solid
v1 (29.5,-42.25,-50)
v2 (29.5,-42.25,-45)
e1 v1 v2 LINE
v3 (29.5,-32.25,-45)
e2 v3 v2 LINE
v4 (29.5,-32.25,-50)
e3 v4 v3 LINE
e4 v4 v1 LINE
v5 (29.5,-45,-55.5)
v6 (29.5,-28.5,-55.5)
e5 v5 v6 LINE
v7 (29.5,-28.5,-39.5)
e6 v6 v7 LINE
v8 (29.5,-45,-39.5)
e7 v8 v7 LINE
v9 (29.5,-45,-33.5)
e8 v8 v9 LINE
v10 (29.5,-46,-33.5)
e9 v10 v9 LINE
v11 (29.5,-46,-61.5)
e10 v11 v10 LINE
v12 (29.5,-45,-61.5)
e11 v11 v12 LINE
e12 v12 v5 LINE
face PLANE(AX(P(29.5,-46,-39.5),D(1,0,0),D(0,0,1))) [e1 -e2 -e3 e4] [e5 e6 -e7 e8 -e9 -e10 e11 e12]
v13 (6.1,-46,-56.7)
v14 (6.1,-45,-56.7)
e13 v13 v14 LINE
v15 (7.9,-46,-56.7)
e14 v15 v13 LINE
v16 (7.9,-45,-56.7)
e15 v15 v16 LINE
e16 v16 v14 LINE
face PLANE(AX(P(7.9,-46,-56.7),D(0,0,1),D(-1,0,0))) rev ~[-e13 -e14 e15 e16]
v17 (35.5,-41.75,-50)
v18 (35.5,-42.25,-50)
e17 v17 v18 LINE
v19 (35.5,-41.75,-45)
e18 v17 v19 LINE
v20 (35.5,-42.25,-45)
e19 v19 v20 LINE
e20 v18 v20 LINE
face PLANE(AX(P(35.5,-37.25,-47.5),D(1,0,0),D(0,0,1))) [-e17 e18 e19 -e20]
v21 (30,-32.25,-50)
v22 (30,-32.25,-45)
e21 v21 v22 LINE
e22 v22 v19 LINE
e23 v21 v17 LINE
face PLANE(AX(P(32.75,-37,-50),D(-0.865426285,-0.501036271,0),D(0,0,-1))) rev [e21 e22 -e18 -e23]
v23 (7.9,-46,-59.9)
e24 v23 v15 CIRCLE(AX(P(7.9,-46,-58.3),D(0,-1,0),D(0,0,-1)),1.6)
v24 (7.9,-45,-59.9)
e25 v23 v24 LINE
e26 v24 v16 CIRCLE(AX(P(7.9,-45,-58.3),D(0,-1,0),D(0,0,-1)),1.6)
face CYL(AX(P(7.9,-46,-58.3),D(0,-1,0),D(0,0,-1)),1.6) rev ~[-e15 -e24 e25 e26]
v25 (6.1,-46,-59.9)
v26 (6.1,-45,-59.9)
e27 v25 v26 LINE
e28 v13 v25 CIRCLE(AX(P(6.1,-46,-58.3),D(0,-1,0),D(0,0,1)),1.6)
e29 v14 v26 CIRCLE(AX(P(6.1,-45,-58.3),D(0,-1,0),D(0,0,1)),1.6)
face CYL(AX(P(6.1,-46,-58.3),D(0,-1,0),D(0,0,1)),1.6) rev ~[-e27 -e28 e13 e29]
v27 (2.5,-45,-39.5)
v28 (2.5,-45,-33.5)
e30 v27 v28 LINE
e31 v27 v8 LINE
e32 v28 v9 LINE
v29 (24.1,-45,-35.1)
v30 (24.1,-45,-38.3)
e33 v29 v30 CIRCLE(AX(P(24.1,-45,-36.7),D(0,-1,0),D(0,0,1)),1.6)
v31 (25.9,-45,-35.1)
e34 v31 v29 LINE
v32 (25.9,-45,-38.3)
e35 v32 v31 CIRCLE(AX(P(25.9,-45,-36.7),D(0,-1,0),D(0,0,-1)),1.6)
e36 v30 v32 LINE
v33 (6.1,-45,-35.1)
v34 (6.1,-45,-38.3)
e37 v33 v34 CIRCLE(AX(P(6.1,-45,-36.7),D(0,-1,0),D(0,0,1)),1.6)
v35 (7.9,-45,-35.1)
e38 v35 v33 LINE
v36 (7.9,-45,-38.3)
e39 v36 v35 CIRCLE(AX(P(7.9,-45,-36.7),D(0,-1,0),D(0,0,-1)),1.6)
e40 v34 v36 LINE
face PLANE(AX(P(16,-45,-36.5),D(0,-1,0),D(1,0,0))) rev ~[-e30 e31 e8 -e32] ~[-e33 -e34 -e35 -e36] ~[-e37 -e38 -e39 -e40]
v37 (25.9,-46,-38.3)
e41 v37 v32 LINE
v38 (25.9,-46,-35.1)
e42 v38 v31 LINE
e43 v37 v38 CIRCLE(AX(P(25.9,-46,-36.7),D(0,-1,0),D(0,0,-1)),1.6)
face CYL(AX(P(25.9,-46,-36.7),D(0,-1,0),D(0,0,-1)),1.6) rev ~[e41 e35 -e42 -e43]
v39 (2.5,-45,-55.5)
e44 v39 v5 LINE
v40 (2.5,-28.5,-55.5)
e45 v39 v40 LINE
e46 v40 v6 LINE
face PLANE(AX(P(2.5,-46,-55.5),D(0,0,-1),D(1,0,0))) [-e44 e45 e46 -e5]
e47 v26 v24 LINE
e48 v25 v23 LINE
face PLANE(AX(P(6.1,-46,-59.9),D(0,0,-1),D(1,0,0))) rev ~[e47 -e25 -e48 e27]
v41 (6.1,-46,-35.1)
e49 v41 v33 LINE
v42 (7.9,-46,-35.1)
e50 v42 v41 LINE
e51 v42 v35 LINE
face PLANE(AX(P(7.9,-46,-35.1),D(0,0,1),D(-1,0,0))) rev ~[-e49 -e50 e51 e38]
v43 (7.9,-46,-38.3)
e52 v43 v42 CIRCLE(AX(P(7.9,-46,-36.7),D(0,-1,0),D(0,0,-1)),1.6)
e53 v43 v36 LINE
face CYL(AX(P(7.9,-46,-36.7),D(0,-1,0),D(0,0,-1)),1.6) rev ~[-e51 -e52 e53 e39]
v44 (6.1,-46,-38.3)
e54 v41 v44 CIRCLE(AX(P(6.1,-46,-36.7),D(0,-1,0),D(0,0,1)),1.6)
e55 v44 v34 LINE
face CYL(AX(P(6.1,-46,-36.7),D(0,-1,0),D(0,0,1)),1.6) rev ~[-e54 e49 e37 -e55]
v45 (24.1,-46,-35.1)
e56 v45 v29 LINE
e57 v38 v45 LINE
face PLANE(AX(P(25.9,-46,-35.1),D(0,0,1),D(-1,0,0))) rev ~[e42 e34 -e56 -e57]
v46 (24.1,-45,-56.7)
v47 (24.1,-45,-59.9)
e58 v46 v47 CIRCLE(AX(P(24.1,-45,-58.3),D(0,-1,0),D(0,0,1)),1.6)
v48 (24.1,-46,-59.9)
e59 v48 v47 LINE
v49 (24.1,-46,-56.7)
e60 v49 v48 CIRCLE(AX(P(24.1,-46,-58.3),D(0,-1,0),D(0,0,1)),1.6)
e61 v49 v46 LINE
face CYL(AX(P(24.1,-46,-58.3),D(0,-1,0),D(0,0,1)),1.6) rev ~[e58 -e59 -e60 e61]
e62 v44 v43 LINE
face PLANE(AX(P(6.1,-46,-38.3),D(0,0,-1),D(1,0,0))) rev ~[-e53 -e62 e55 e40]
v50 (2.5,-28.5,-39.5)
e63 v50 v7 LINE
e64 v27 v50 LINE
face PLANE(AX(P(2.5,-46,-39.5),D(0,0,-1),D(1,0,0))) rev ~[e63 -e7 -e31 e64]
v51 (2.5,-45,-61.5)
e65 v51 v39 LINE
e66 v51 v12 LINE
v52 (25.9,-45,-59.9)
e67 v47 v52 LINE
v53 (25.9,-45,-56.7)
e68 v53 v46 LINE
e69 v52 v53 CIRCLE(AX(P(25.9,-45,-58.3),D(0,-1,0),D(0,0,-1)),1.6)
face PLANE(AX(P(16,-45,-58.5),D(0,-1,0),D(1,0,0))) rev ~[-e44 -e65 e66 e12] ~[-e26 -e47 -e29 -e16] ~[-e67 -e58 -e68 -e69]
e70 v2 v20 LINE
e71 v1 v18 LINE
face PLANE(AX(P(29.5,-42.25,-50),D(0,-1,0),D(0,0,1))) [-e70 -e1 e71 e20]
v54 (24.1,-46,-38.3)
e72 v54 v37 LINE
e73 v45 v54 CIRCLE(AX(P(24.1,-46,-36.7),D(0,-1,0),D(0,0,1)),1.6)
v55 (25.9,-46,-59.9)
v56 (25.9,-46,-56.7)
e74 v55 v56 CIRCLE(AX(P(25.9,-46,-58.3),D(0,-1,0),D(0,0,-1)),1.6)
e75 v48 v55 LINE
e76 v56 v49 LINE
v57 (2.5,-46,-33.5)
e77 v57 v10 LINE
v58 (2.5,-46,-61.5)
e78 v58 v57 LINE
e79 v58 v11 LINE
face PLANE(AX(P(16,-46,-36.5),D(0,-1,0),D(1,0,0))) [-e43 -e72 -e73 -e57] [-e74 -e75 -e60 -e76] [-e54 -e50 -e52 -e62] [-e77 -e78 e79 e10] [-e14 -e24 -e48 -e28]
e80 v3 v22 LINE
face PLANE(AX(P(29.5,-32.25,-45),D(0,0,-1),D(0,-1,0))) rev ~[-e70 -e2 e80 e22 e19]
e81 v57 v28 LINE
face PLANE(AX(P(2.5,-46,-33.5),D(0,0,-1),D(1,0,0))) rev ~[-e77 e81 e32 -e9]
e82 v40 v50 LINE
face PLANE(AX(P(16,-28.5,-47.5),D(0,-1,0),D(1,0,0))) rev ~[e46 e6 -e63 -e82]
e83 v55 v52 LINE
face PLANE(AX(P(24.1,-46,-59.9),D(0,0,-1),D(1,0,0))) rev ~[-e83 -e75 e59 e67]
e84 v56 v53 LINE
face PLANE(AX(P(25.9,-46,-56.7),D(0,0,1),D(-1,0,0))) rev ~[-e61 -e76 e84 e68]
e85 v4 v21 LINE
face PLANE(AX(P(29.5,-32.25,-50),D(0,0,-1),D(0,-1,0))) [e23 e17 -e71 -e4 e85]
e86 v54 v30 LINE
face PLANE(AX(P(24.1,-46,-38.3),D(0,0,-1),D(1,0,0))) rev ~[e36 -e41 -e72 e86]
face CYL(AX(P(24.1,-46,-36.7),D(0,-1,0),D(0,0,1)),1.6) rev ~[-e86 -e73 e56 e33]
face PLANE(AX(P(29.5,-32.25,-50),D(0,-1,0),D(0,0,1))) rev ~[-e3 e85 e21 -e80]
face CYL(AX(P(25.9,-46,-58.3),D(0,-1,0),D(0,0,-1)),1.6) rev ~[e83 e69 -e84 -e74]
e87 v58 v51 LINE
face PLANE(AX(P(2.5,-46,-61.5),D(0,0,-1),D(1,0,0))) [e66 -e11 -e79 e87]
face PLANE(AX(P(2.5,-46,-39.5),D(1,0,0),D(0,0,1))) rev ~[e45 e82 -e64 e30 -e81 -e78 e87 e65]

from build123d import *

# Parameters (mm, degrees)
SKETCH083_W   = 27
SKETCH083_H   = 16
PAD049_DEPTH  = 17.5
SKETCH084_W   = 5
SKETCH084_H   = 10
PAD050_DEPTH  = 6
CHAMFER_SIZE2 = 9.5
CHAMFER_SIZE  = 5.5
SKETCH085_W   = 27
SKETCH085_H   = 6
PAD051_DEPTH  = 1


with BuildPart() as part:
    # Sketch083 → Pad049 (new body)
    with BuildSketch(Plane.XZ):
        Rectangle(SKETCH083_W, SKETCH083_H)
    extrude(amount=-PAD049_DEPTH)

    # Sketch084 (on Face4 of Pad049) → Pad050 (join)
    with BuildSketch(Plane(origin=(13.5, 0, 0), x_dir=(0, 0, 1), z_dir=(1, 0, 0))):
        with Locations((0, -8.75)):
            Rectangle(SKETCH084_W, SKETCH084_H)
    extrude(amount=PAD050_DEPTH)

    # Chamfer
    chamfer_edges = [part.edges().sort_by_distance(p)[0] for p in [
        (19.5, 13.75, 0),
    ]]
    chamfer_side = part.faces().sort_by_distance((16.5, 13.75, 0))[0]
    chamfer(chamfer_edges, length=CHAMFER_SIZE, length2=CHAMFER_SIZE2, reference=chamfer_side)

    # Sketch085 (on Face9 of Chamfer) → Pad051 (join)
    with BuildSketch(Plane.XZ):
        with Locations((0, 11)):
            Rectangle(SKETCH085_W, SKETCH085_H)
        with BuildLine():
            Line((-9.9, 9.2), (-8.1, 9.2))
            ThreePointArc((-8.1, 9.2), (-6.5, 10.8), (-8.1, 12.4))
            Line((-8.1, 12.4), (-9.9, 12.4))
            ThreePointArc((-9.9, 12.4), (-11.5, 10.8), (-9.9, 9.2))
        make_face(mode=Mode.SUBTRACT)
        with BuildLine():
            Line((8.1, 9.2), (9.9, 9.2))
            ThreePointArc((9.9, 9.2), (11.5, 10.8), (9.9, 12.4))
            Line((9.9, 12.4), (8.1, 12.4))
            ThreePointArc((8.1, 12.4), (6.5, 10.8), (8.1, 9.2))
        make_face(mode=Mode.SUBTRACT)
        with Locations((0, -11)):
            Rectangle(SKETCH085_W, SKETCH085_H)
        with BuildLine():
            Line((-9.9, -12.4), (-8.1, -12.4))
            ThreePointArc((-8.1, -12.4), (-6.5, -10.8), (-8.1, -9.2))
            Line((-8.1, -9.2), (-9.9, -9.2))
            ThreePointArc((-9.9, -9.2), (-11.5, -10.8), (-9.9, -12.4))
        make_face(mode=Mode.SUBTRACT)
        with BuildLine():
            Line((8.1, -12.4), (9.9, -12.4))
            ThreePointArc((9.9, -12.4), (11.5, -10.8), (9.9, -9.2))
            Line((9.9, -9.2), (8.1, -9.2))
            ThreePointArc((8.1, -9.2), (6.5, -10.8), (8.1, -12.4))
        make_face(mode=Mode.SUBTRACT)
    extrude(amount=-PAD051_DEPTH)


with BuildPart() as part_1:
    # Body020 placement: moved
    add(part.part.moved(Location((16, -46, -47.5))))


solid = part_1.part
